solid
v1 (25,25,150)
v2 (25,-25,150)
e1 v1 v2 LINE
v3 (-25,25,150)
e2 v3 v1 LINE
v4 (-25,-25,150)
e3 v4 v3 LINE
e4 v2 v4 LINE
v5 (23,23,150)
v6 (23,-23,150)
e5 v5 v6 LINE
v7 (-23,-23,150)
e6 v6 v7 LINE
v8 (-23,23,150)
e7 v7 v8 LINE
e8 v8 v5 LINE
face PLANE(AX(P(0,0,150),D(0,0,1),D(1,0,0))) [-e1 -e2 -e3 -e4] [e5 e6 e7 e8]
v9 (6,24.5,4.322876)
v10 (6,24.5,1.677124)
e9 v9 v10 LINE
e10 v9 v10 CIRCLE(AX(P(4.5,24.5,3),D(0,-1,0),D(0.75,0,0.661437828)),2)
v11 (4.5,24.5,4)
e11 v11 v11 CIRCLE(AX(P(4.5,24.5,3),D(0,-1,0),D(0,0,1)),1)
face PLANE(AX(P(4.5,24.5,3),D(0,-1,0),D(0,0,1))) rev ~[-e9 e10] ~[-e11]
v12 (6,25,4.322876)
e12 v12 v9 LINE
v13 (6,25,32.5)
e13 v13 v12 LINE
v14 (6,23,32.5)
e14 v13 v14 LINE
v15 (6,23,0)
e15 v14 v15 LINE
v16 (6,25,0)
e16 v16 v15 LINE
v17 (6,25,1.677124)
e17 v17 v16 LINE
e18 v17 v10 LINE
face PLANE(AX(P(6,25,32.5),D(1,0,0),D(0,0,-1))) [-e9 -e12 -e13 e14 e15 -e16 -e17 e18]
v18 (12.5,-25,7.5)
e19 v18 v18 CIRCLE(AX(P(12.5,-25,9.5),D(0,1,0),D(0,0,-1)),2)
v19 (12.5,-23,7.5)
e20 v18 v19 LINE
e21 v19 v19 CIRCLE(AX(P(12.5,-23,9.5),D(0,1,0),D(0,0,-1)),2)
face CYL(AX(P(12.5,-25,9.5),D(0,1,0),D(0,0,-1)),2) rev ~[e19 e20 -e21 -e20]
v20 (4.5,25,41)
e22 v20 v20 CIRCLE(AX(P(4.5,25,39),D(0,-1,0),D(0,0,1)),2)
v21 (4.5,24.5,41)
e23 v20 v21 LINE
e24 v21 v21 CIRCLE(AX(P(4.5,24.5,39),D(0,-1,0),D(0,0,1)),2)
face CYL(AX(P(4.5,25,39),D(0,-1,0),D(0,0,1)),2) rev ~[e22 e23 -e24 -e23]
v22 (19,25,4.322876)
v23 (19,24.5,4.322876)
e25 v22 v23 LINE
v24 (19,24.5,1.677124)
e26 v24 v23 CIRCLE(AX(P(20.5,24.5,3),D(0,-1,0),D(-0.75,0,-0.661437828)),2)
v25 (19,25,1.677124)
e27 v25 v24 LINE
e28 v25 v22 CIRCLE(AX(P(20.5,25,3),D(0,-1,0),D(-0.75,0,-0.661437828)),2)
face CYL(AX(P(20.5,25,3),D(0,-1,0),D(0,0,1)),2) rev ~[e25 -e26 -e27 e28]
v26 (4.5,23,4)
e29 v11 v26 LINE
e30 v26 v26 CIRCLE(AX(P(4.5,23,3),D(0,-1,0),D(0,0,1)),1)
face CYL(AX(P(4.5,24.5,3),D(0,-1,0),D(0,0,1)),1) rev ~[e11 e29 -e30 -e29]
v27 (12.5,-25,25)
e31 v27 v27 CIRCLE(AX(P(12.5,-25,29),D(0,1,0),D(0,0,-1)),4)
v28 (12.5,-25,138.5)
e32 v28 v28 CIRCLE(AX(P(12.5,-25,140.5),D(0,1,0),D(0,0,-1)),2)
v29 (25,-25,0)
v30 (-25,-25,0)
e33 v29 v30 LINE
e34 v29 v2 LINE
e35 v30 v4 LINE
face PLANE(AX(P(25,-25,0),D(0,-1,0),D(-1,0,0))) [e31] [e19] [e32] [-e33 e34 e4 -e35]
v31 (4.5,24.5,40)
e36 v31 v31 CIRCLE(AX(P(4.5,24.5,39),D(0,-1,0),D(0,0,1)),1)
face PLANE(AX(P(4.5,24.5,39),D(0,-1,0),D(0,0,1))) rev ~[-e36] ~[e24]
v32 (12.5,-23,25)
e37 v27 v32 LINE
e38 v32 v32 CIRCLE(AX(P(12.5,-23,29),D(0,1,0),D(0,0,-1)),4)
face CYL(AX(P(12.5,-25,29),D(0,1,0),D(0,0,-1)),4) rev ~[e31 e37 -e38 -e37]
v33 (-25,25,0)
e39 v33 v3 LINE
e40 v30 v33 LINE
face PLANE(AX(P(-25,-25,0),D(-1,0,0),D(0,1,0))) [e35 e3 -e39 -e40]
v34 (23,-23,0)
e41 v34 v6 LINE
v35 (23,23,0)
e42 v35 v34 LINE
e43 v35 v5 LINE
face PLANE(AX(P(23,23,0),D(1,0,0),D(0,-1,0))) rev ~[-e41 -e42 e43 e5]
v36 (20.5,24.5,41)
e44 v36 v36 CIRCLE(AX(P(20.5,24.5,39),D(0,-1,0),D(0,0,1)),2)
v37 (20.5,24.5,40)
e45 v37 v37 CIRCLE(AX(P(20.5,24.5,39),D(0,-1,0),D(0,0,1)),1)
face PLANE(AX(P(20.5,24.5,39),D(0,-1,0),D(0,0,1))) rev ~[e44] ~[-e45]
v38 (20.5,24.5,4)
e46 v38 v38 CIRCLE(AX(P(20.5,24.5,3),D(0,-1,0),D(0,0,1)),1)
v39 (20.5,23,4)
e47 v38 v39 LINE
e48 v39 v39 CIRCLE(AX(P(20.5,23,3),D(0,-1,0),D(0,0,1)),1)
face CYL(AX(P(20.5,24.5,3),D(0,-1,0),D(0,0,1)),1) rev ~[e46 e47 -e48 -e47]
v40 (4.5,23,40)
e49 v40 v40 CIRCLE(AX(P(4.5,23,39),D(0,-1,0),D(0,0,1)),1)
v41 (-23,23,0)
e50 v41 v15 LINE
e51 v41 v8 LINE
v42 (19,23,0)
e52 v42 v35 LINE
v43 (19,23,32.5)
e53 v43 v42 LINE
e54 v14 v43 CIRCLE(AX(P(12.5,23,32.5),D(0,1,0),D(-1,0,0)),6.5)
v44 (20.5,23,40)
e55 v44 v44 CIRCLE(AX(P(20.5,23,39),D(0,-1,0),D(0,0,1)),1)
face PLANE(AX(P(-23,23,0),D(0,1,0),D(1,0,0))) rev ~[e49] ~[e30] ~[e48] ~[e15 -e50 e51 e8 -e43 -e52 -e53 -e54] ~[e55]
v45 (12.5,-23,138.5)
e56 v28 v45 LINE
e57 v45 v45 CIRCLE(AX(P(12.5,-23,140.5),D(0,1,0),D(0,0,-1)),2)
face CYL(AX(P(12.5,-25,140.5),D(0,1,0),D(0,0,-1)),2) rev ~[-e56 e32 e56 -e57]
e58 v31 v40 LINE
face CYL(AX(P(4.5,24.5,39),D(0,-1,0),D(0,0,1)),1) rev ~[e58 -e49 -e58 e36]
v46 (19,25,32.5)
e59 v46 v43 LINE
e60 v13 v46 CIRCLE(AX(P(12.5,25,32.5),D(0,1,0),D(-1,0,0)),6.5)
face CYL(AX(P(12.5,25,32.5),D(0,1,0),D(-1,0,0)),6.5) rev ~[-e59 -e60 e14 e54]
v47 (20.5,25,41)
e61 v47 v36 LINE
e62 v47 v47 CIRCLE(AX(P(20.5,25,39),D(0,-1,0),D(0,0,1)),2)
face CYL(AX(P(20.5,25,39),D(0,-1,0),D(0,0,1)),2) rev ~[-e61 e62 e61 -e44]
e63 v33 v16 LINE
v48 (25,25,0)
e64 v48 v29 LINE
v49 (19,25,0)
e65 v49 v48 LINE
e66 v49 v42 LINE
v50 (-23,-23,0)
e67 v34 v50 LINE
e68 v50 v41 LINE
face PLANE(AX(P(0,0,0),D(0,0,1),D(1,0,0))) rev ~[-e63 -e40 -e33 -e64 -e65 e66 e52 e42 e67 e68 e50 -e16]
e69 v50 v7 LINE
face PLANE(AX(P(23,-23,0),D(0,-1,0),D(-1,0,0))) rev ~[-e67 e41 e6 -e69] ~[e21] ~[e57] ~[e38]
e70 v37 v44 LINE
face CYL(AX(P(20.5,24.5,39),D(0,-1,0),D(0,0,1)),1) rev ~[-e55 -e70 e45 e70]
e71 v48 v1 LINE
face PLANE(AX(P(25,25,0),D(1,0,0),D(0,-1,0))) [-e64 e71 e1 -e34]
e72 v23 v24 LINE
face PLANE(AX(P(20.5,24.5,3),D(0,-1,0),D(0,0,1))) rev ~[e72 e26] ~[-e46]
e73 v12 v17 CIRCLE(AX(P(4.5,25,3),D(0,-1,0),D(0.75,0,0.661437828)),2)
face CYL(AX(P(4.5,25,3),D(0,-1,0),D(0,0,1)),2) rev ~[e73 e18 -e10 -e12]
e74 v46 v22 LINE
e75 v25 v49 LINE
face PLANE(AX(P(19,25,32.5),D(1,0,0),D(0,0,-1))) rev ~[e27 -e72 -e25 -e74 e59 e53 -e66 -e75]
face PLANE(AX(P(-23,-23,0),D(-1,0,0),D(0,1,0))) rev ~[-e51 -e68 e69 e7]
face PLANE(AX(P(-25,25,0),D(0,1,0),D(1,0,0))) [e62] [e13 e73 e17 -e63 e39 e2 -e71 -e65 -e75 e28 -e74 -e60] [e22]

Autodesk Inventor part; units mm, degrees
ref_plane "YZ Plane" through (0, 0, 0) normal (1, 0, 0) x (0, 1, 0)
ref_plane "XZ Plane" through (0, 0, 0) normal (0, 1, 0) x (-1, 0, 0)
ref_plane "XY Plane" through (0, 0, 0) normal (0, 0, 1) x (1, 0, 0)
sketch "スケッチ1" plane through (0, 0, 0) normal (0, 0, 1) x (1, 0, 0)
  line L0 (-25, 25) -> (25, 25)
  line L1 (25, 25) -> (25, -25)
  line L2 (25, -25) -> (-25, -25)
  line L3 (-25, -25) -> (-25, 25)
  line L4 (-23, 23) -> (23, 23)
  line L5 (23, 23) -> (23, -23)
  line L6 (23, -23) -> (-23, -23)
  line L7 (-23, -23) -> (-23, 23)
  point P0 (0, 0)
  dimension "d0" = 50
  dimension "d1" = 50
  dimension "d2" = 46
  dimension "d3" = 46
  dimension "d4" = 25
  dimension "d5" = 23
  dimension "d142" = 23
  dimension "d143" = 25
extrude "押し出し1" add sketch "スケッチ1" along normal blind 150
sketch "スケッチ2" plane through (-25, 25, 0) normal (0, 1, 0) x (1, 0, 0)
  line L0 (0, 0) -> (50, 0) projected
  line L1 (0, 0) -> (0, -150) projected
  arc A0 (31, -32.5) -> (44, -32.5) centre (37.5, -32.5) ccw
  line L2 (31, -32.5) -> (31, 0)
  line L3 (44, -32.5) -> (44, 0)
  point P0 (25, 0)
  dimension "d10" = 13
  dimension "d11" = 32.5
  dimension "d12" = 37.5
extrude "押し出し2" cut sketch "スケッチ2" against normal blind 2
sketch "スケッチ3" plane through (-25, 25, 150) normal (0, 1, 0) x (1, 0, 0)
  arc A0 (31, 117.5) -> (44, 117.5) centre (37.5, 117.5) ccw projected
  circle A1 centre (29.5, 111) radius 1
  circle A2 centre (29.5, 147) radius 1
  circle A3 centre (45.5, 147) radius 1
  circle A4 centre (45.5, 111) radius 1
  point P0 (25, 150)
  dimension "d15" = 6.5
  dimension "d16" = 6.5
  dimension "d17" = 2
  dimension "d18" = 8
  dimension "d19" = 8
  dimension "d20" = 8
  dimension "d21" = 8
  dimension "d22" = 29.5
  dimension "d23" = 29.5
hole "穴1" at (4.5, 25, 3) at (20.5, 25, 3) at (20.5, 25, 39) at (4.5, 25, 39) direction (0, -1, 0) diameter 2 depth 2 tip angle 118 counterbore diameter 4 counterbore depth 0.5
sketch "スケッチ4" plane through (-25, -25, 0) normal (0, -1, 0) x (1, 0, 0)
  line L0 (50, 0) -> (0, 0) projected
  line L1 (50, 0) -> (50, 150) projected
  circle A0 centre (37.5, 9.5) radius 2
  point P0 (25, 0)
  dimension "d31" = 4
  dimension "d32" = 12.5
  dimension "d33" = 9.5
hole "穴2" at (12.5, -25, 9.5) direction (0, 1, 0) diameter 4 end through all
sketch "スケッチ7" plane through (-25, -25, 0) normal (0, -1, 0) x (1, 0, 0)
  line L0 (50, 0) -> (50, 150) projected
  circle A0 centre (37.5, 29) radius 4
  line L1 (50, 0) -> (0, 0) projected
  point P0 (25, 0)
  dimension "d79" = 8
  dimension "d80" = 12.5
  dimension "d88" = 29
hole "穴5" at (12.5, -25, 29) direction (0, 1, 0) diameter 8 end through all
sketch "スケッチ11" plane through (-25, -25, 0) normal (0, -1, 0) x (1, 0, 0)
  line L0 (50, 150) -> (0, 150) projected
  line L1 (50, 0) -> (50, 150) projected
  circle A0 centre (37.5, 140.5) radius 2
  point P0 (25, 0)
  dimension "d118" = 9.5
  dimension "d119" = 4
  dimension "d120" = 12.5
hole "穴7" at (12.5, -25, 140.5) direction (0, 1, 0) diameter 4 depth 2 tip angle 118
properties part number "07" material "アルミニウム 6061"
